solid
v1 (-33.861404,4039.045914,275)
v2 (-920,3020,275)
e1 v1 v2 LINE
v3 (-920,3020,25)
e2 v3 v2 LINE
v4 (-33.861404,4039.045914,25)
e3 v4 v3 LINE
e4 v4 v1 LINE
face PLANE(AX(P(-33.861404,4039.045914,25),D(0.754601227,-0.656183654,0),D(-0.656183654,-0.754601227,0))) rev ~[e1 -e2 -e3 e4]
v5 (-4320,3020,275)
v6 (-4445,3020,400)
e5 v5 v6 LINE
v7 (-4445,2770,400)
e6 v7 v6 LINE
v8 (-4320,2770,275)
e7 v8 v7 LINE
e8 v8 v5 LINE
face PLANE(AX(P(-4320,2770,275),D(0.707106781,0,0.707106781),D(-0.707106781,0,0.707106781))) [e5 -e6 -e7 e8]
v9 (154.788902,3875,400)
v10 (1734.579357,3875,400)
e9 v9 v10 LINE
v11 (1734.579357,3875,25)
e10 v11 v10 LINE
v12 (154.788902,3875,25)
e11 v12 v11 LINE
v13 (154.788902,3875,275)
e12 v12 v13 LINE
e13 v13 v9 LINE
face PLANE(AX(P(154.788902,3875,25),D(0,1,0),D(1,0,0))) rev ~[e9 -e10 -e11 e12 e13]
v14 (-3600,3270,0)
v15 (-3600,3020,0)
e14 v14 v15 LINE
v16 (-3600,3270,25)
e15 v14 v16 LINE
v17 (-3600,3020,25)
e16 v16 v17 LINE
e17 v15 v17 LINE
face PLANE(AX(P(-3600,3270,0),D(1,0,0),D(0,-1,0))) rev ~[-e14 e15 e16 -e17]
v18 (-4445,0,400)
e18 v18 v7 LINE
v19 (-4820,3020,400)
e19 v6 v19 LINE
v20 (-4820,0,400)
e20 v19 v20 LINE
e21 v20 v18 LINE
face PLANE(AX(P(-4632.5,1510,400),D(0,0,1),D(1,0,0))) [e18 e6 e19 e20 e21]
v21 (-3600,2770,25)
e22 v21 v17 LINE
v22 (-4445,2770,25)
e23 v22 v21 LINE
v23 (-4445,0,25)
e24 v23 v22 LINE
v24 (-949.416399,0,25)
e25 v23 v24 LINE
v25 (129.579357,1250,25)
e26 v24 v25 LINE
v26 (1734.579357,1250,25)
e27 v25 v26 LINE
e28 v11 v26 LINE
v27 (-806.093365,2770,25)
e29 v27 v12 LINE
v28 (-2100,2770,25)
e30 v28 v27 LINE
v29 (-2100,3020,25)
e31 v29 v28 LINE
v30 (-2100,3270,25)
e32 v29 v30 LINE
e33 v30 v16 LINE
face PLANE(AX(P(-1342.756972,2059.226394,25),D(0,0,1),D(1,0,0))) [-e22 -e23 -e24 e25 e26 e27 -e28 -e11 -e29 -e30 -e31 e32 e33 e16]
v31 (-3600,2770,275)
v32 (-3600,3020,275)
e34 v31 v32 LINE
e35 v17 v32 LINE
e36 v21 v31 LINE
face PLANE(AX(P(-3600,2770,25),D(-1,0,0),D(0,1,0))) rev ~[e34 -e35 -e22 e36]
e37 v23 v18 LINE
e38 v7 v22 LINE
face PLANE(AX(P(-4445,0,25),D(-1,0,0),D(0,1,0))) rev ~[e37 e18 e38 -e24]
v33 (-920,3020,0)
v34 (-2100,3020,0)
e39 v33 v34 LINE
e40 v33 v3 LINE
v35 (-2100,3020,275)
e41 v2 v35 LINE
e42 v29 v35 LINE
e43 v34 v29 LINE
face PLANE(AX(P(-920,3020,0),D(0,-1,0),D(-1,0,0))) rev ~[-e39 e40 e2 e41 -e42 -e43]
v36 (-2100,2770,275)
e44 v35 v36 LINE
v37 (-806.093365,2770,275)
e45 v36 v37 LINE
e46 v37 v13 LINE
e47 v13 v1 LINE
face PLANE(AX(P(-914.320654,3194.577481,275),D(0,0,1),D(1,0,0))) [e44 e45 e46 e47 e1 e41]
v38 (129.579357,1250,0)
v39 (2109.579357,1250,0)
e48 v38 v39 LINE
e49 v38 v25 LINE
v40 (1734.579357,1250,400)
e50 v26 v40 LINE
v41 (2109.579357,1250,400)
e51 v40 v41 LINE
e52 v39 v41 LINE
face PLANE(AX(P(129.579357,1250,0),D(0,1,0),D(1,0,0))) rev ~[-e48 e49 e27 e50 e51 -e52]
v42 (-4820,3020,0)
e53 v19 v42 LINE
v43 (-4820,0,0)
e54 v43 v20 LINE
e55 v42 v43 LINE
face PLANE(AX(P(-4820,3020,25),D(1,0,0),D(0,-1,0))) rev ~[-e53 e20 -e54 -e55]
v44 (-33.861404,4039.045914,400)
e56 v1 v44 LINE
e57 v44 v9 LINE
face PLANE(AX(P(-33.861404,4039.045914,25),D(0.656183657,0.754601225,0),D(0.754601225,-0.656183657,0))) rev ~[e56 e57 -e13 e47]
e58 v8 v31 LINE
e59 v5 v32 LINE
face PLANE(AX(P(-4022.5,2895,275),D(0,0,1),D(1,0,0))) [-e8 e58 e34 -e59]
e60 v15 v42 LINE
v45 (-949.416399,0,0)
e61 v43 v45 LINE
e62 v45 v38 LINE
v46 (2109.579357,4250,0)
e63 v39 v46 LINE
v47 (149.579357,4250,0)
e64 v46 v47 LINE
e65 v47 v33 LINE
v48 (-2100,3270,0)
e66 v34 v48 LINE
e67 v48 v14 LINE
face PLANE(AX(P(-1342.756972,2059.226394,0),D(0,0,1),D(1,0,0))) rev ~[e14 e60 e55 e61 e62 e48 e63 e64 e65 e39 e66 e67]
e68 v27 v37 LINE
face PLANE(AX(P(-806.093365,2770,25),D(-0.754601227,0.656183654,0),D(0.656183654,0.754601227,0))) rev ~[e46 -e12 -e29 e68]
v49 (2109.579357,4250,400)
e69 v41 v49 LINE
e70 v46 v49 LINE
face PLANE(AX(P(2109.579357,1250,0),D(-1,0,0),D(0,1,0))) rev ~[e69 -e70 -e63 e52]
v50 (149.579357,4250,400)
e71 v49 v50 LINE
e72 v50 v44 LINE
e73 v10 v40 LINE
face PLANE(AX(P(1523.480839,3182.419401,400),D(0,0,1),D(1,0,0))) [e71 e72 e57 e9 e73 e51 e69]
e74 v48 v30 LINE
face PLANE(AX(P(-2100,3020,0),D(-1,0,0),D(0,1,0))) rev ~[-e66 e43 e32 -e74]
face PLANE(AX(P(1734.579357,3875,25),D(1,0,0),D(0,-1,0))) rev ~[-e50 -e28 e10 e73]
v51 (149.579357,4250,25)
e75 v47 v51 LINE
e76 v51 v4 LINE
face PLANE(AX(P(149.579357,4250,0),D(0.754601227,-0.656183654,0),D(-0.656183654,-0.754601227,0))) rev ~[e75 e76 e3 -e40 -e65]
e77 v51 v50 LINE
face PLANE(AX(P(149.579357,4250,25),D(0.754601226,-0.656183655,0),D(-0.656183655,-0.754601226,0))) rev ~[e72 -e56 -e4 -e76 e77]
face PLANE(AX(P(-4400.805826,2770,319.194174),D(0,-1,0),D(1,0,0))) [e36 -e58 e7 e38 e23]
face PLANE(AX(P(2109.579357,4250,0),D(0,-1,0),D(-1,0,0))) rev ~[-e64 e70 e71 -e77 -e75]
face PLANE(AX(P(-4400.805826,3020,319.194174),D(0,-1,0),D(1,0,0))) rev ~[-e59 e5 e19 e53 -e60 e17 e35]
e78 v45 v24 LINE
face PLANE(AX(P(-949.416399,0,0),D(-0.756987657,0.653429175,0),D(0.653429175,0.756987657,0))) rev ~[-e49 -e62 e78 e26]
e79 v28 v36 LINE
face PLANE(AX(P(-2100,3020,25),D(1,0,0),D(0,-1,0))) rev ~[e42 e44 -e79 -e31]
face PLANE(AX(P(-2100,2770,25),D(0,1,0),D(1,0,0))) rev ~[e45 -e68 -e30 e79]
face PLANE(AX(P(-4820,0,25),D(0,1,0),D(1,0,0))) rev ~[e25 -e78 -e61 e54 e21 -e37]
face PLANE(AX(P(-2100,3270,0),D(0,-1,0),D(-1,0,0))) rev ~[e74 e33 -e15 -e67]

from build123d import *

# Parameters (mm, degrees)
F1_DEPTH = 25
F5_DEPTH = 375
F6_W     = 845
F6_H     = 250
F7_DEPTH = 250
F9_DEPTH = 250


with BuildPart() as f1:
    # F0 (on Top) → F1 (new body)
    with BuildSketch(Plane.XY):
        Polygon((-4820, 0), (-949.416399, 0), (129.579357, 1250), (2109.579357, 1250), (2109.579357, 4250), (149.579357, 4250), (-920, 3020), (-2100, 3020), (-2100, 3270), (-3600, 3270), (-3600, 3020), (-4820, 3020), align=None)
    extrude(amount=F1_DEPTH)

    # F4 (on face) → F5 (join)
    with BuildSketch(Plane.XY.offset(25)):
        Polygon((-4820, 3020), (-4820, 0), (-4445, 0), (-4445, 2645), (-4445, 3020), align=None)
        Polygon((2109.579357, 4250), (154.788902, 4250), (149.579357, 4250), (-33.861404, 4039.045914), (154.788902, 3875), (1734.579357, 3875), (1734.579357, 1250), (2109.579357, 1250), align=None)
    extrude(amount=F5_DEPTH)

    # F6 (on face) → F7 (join)
    with BuildSketch(Plane.XY.offset(25)):
        with Locations((-4022.5, 2895)):
            Rectangle(F6_W, F6_H)
        Polygon((-920, 3020), (-2100, 3020), (-2100, 2770), (-806.093365, 2770), (154.788902, 3875), (-33.861404, 4039.045914), align=None)
    extrude(amount=F7_DEPTH)

    # F8 (on face) → F9 (join, through all)
    with BuildSketch(Plane.XZ.offset(-2770)):
        Polygon((-4445, 400), (-4445, 275), (-4320, 275), align=None)
    extrude(amount=-F9_DEPTH)


solid = f1.part
